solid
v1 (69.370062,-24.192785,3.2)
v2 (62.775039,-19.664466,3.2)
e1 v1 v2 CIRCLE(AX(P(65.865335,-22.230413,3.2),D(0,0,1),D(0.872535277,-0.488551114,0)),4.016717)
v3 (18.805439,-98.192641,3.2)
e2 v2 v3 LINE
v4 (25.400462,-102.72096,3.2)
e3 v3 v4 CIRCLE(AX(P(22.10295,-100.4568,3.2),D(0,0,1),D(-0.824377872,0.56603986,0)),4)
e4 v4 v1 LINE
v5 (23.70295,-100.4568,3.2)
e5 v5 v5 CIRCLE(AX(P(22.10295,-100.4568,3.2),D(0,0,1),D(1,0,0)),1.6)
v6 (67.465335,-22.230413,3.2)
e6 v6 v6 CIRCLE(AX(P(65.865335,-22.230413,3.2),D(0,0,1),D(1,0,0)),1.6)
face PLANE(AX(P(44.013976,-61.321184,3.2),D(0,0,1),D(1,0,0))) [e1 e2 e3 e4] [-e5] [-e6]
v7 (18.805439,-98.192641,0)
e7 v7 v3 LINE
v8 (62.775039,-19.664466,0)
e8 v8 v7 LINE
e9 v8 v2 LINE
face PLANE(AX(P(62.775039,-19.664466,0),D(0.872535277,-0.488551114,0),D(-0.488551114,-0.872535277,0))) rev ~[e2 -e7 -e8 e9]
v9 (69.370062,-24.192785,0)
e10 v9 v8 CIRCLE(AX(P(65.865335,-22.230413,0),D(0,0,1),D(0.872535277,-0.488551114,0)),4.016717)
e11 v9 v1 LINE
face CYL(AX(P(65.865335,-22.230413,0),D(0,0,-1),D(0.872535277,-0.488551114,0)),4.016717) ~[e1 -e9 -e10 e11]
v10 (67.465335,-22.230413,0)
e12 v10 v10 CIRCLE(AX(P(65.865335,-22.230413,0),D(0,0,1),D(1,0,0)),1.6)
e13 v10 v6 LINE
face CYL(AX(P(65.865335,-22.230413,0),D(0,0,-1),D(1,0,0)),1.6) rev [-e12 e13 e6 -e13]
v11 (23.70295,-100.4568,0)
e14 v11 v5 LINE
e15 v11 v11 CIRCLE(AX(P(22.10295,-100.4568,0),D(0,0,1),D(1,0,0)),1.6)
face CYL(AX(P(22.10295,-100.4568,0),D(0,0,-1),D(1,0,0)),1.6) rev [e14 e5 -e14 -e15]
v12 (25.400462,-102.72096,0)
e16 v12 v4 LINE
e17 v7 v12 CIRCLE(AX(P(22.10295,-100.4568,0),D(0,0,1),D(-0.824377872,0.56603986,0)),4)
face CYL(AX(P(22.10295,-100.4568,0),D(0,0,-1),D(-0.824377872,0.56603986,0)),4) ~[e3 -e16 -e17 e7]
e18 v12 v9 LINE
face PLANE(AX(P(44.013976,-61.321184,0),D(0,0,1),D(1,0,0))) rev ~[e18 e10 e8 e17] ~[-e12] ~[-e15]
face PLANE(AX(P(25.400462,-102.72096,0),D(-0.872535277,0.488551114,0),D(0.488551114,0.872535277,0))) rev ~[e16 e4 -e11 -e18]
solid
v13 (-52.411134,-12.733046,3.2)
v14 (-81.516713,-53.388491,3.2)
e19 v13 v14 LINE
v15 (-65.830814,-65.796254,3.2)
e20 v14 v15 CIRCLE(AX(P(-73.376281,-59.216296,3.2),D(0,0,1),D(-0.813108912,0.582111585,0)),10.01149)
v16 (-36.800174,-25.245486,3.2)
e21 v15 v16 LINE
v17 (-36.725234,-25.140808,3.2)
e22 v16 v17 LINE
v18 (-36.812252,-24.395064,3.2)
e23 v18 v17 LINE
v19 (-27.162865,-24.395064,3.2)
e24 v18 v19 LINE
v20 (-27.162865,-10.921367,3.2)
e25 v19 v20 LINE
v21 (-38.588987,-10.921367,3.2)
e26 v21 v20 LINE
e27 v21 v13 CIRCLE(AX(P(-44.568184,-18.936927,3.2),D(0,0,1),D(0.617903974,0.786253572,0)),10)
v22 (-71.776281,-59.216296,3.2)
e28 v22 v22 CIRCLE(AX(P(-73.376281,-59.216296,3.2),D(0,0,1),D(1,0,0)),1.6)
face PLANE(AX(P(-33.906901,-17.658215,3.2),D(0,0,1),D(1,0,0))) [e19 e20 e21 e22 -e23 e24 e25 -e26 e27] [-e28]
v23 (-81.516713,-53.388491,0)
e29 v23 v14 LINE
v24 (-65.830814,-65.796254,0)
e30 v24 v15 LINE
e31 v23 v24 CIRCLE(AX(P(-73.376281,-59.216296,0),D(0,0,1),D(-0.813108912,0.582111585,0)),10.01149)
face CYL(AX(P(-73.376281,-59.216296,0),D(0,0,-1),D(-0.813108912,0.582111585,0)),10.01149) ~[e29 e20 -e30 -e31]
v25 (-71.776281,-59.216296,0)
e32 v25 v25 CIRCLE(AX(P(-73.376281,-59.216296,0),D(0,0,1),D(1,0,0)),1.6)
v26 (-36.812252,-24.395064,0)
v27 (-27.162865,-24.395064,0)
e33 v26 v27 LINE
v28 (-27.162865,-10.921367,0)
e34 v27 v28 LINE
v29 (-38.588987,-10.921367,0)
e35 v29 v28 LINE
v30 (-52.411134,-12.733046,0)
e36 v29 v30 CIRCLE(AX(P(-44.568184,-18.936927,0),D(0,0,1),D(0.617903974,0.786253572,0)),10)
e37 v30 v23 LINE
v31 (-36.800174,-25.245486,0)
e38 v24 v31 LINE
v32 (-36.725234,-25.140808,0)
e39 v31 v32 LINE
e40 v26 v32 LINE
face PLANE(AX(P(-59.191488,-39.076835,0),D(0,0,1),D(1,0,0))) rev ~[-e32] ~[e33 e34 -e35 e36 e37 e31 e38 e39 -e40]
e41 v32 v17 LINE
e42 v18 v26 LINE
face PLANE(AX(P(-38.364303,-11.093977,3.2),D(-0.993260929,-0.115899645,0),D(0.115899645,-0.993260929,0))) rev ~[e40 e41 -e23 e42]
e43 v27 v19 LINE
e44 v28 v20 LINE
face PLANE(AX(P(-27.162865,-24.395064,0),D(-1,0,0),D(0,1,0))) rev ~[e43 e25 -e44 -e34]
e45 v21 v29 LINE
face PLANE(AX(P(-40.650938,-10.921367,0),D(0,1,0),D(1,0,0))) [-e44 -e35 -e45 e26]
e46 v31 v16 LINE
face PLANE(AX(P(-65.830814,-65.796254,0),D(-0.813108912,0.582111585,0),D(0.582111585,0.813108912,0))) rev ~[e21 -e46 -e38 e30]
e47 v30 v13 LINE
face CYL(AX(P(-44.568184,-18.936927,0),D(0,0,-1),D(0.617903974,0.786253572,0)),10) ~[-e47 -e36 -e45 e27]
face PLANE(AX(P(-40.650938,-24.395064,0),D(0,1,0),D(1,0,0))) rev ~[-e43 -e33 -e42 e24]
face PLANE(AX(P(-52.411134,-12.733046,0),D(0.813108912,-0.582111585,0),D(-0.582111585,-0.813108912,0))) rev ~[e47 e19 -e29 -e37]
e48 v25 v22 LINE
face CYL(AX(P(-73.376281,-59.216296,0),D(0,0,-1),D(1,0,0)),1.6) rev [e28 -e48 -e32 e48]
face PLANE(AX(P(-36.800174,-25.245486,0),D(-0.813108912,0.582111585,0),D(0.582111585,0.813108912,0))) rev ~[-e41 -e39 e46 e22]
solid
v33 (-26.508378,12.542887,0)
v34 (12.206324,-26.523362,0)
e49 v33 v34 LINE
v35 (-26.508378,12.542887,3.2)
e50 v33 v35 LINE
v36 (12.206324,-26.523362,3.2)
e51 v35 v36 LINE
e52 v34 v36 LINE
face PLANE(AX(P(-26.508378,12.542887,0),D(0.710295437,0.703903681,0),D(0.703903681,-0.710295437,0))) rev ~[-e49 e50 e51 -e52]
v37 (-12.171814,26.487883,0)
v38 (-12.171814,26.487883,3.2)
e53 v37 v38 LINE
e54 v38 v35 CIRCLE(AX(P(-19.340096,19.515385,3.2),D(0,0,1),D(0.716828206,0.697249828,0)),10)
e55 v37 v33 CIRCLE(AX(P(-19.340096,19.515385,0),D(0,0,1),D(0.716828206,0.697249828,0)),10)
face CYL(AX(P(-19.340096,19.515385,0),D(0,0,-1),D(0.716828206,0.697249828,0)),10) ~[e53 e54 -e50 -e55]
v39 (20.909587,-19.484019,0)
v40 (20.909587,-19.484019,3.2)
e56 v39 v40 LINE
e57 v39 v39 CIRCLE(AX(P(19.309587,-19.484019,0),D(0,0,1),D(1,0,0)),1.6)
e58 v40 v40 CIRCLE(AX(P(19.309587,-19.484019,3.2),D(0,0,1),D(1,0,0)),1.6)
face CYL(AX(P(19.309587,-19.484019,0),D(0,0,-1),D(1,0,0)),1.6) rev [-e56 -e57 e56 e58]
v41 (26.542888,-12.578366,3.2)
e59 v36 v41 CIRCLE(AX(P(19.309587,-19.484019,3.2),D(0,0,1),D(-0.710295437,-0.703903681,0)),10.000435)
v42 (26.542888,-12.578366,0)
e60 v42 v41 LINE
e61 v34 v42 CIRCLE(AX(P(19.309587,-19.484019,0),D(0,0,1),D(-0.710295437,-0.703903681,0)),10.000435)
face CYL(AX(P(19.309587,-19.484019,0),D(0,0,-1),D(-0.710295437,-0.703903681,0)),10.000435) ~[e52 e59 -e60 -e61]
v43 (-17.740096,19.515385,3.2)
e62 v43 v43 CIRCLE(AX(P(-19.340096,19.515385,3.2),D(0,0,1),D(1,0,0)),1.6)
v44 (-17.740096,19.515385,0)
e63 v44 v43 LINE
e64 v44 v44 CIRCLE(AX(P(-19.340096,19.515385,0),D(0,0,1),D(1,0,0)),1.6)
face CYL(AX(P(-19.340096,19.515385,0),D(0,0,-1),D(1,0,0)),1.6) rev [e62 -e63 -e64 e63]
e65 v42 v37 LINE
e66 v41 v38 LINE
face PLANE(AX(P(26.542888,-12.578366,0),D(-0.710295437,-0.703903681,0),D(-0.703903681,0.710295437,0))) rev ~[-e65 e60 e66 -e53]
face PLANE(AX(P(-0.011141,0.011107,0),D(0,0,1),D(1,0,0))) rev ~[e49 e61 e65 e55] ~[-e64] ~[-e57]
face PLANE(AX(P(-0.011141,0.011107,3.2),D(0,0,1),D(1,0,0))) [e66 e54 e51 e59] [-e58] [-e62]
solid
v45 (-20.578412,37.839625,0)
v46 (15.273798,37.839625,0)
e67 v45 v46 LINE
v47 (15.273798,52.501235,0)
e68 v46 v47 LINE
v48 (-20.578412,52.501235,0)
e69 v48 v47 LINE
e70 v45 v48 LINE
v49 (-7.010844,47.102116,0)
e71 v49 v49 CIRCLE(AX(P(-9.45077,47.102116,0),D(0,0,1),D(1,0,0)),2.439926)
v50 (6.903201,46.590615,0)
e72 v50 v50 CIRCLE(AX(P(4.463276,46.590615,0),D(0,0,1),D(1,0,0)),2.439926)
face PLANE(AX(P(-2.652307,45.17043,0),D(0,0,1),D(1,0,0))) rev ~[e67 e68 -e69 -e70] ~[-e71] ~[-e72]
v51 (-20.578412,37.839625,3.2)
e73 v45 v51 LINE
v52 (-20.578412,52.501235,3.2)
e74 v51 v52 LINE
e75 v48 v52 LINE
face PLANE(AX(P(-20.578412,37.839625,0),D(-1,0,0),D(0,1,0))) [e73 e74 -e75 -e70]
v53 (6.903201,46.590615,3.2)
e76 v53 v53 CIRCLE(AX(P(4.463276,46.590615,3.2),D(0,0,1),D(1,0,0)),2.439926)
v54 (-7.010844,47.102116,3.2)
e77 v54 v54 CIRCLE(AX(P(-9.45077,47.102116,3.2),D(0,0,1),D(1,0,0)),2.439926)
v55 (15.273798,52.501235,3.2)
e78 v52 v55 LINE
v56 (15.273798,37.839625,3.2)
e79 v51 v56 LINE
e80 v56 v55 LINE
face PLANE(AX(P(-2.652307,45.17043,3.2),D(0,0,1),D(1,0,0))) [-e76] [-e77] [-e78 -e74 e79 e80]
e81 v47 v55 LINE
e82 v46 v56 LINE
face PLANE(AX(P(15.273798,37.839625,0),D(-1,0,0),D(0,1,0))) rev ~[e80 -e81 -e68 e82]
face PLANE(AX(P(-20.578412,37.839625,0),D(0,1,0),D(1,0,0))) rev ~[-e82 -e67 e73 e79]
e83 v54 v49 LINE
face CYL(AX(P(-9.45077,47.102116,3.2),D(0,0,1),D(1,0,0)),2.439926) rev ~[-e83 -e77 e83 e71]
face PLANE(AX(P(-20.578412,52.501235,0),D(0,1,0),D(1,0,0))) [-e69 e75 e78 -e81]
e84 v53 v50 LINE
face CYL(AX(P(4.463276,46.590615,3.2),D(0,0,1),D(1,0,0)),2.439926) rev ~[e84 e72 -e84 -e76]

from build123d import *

# Parameters (mm, degrees)
F1_R      = 1.6
F2_DEPTH  = 3.2
F4_DEPTH  = 25
F5_R      = 1.6
F6_DEPTH  = 3.2
F7_W      = 35.8522105962
F7_H      = 14.6616101265
F8_DEPTH  = 3.2
F9_R      = 2.4399255944
F10_DEPTH = 25
F0_R      = 1.6
F11_DEPTH = 3.2
F12_R     = 2.4399255944
F13_DEPTH = 3.2
F14_W     = 13.488072902
F14_H     = 13.4736970067
F15_DEPTH = 3.2


with BuildPart() as f2:
    # F1 (on Top) → F2 (new body)
    with BuildSketch(Plane.XY):
        with BuildLine():
            Line((-52.4111336428, -12.733045686), (-81.516712904, -53.3884912729))
            ThreePointArc((-81.516712904, -53.3884912729), (-79.5872905823, -67.0682565857), (-65.830813644, -65.7962535372))
            Line((-65.830813644, -65.7962535372), (-36.8001743822, -25.2454861304))
            Line((-36.8001743822, -25.2454861304), (-38.3891442742, -11.0743911007))
            ThreePointArc((-38.3891442742, -11.0743911007), (-45.7428894184, -9.0061631411), (-52.4111336428, -12.733045686))
        make_face()
        with Locations((-73.3762812727, -59.2162955103)):
            Circle(F1_R, mode=Mode.SUBTRACT)
        with BuildLine():
            ThreePointArc((-36.7252343828, -25.1408079503), (-34.6374203357, -17.7622214125), (-38.3891442742, -11.0743911007))
            Line((-38.3891442742, -11.0743911007), (-36.8001743822, -25.2454861304))
            Line((-36.8001743822, -25.2454861304), (-36.7252343828, -25.1408079503))
        make_face()
    extrude(amount=F2_DEPTH)

    # F3 (on face) → F4 (cut)
    with BuildSketch(Plane.XY.offset(3.2)):
        with BuildLine():
            add(Edge.make_bspline(
                [(-38.3643028806, -11.0939771882), (-36.5913216543, -11.8065384502), (-32.7913583718, -13.333743923), (-29.3885141198, -22.7559246447), (-34.3564646686, -24.3708127558), (-36.7252343828, -25.1408079503)],
                knots=[0, 0, 0, 0, 0.3139543375, 0.6728864002, 1, 1, 1, 1], degree=3))
            Line((-38.3643028806, -11.0939771882), (-36.7252343828, -25.1408079503))
        make_face()
    extrude(amount=-F4_DEPTH, mode=Mode.SUBTRACT)

    # F14 (on Top) → F15 (join)
    with BuildSketch(Plane.XY):
        with Locations((-33.9069012552, -17.6582150161)):
            Rectangle(F14_W, F14_H)
    extrude(amount=F15_DEPTH)


with BuildPart() as f6:
    # F5 (on Top) → F6 (new body)
    with BuildSketch(Plane.XY):
        with BuildLine():
            Line((25.4004618726, -102.7209598247), (69.3700621518, -24.1927849364))
            ThreePointArc((69.3700621518, -24.1927849364), (68.1389568472, -18.9191209459), (62.7750391721, -19.6644660543))
            Line((62.7750391721, -19.6644660543), (18.8054388929, -98.1926409426))
            ThreePointArc((18.8054388929, -98.1926409426), (19.8387909417, -103.7543118735), (25.4004618726, -102.7209598247))
        make_face()
        with Locations((22.1029503828, -100.4568003836)):
            Circle(F5_R, mode=Mode.SUBTRACT)
        with Locations((65.8653349998, -22.2304134413)):
            Circle(F5_R, mode=Mode.SUBTRACT)
    extrude(amount=F6_DEPTH)


with BuildPart() as f8:
    # F7 (on Top) → F8 (new body)
    with BuildSketch(Plane.XY):
        with Locations((-2.652307041, 45.170430094)):
            Rectangle(F7_W, F7_H)
    extrude(amount=F8_DEPTH)

    # F9 (on face) → F10 (cut)
    with BuildSketch(Plane.XY.offset(3.2)):
        with Locations((-9.4507699832, 47.1021160483)):
            Circle(F9_R)
    extrude(amount=-F10_DEPTH, mode=Mode.SUBTRACT)

    # F12 (on face) → F13 (cut)
    with BuildSketch(Plane.XY.offset(3.2)):
        with Locations((4.4632758945, 46.5906150639)):
            Circle(F12_R)
    extrude(amount=-F13_DEPTH, mode=Mode.SUBTRACT)


with BuildPart() as f11:
    # F0 (on Top) → F11 (new body)
    with BuildSketch(Plane.XY):
        with BuildLine():
            Line((-26.5083782919, 12.5428867212), (12.2063241712, -26.5233623078))
            ThreePointArc((12.2063241712, -26.5233623078), (26.2823887865, -26.652613175), (26.5428882901, -12.5783657404))
            Line((26.5428882901, -12.5783657404), (-12.171814173, 26.4878832886))
            ThreePointArc((-12.171814173, 26.4878832886), (-26.3125945162, 26.6836670643), (-26.5083782919, 12.5428867212))
        make_face()
        with Locations((19.3095873574, -19.484019458)):
            Circle(F0_R, mode=Mode.SUBTRACT)
        with Locations((-19.3400962325, 19.5153850049)):
            Circle(F0_R, mode=Mode.SUBTRACT)
    extrude(amount=F11_DEPTH)


solid = Compound([f2.part, f6.part, f8.part, f11.part])
